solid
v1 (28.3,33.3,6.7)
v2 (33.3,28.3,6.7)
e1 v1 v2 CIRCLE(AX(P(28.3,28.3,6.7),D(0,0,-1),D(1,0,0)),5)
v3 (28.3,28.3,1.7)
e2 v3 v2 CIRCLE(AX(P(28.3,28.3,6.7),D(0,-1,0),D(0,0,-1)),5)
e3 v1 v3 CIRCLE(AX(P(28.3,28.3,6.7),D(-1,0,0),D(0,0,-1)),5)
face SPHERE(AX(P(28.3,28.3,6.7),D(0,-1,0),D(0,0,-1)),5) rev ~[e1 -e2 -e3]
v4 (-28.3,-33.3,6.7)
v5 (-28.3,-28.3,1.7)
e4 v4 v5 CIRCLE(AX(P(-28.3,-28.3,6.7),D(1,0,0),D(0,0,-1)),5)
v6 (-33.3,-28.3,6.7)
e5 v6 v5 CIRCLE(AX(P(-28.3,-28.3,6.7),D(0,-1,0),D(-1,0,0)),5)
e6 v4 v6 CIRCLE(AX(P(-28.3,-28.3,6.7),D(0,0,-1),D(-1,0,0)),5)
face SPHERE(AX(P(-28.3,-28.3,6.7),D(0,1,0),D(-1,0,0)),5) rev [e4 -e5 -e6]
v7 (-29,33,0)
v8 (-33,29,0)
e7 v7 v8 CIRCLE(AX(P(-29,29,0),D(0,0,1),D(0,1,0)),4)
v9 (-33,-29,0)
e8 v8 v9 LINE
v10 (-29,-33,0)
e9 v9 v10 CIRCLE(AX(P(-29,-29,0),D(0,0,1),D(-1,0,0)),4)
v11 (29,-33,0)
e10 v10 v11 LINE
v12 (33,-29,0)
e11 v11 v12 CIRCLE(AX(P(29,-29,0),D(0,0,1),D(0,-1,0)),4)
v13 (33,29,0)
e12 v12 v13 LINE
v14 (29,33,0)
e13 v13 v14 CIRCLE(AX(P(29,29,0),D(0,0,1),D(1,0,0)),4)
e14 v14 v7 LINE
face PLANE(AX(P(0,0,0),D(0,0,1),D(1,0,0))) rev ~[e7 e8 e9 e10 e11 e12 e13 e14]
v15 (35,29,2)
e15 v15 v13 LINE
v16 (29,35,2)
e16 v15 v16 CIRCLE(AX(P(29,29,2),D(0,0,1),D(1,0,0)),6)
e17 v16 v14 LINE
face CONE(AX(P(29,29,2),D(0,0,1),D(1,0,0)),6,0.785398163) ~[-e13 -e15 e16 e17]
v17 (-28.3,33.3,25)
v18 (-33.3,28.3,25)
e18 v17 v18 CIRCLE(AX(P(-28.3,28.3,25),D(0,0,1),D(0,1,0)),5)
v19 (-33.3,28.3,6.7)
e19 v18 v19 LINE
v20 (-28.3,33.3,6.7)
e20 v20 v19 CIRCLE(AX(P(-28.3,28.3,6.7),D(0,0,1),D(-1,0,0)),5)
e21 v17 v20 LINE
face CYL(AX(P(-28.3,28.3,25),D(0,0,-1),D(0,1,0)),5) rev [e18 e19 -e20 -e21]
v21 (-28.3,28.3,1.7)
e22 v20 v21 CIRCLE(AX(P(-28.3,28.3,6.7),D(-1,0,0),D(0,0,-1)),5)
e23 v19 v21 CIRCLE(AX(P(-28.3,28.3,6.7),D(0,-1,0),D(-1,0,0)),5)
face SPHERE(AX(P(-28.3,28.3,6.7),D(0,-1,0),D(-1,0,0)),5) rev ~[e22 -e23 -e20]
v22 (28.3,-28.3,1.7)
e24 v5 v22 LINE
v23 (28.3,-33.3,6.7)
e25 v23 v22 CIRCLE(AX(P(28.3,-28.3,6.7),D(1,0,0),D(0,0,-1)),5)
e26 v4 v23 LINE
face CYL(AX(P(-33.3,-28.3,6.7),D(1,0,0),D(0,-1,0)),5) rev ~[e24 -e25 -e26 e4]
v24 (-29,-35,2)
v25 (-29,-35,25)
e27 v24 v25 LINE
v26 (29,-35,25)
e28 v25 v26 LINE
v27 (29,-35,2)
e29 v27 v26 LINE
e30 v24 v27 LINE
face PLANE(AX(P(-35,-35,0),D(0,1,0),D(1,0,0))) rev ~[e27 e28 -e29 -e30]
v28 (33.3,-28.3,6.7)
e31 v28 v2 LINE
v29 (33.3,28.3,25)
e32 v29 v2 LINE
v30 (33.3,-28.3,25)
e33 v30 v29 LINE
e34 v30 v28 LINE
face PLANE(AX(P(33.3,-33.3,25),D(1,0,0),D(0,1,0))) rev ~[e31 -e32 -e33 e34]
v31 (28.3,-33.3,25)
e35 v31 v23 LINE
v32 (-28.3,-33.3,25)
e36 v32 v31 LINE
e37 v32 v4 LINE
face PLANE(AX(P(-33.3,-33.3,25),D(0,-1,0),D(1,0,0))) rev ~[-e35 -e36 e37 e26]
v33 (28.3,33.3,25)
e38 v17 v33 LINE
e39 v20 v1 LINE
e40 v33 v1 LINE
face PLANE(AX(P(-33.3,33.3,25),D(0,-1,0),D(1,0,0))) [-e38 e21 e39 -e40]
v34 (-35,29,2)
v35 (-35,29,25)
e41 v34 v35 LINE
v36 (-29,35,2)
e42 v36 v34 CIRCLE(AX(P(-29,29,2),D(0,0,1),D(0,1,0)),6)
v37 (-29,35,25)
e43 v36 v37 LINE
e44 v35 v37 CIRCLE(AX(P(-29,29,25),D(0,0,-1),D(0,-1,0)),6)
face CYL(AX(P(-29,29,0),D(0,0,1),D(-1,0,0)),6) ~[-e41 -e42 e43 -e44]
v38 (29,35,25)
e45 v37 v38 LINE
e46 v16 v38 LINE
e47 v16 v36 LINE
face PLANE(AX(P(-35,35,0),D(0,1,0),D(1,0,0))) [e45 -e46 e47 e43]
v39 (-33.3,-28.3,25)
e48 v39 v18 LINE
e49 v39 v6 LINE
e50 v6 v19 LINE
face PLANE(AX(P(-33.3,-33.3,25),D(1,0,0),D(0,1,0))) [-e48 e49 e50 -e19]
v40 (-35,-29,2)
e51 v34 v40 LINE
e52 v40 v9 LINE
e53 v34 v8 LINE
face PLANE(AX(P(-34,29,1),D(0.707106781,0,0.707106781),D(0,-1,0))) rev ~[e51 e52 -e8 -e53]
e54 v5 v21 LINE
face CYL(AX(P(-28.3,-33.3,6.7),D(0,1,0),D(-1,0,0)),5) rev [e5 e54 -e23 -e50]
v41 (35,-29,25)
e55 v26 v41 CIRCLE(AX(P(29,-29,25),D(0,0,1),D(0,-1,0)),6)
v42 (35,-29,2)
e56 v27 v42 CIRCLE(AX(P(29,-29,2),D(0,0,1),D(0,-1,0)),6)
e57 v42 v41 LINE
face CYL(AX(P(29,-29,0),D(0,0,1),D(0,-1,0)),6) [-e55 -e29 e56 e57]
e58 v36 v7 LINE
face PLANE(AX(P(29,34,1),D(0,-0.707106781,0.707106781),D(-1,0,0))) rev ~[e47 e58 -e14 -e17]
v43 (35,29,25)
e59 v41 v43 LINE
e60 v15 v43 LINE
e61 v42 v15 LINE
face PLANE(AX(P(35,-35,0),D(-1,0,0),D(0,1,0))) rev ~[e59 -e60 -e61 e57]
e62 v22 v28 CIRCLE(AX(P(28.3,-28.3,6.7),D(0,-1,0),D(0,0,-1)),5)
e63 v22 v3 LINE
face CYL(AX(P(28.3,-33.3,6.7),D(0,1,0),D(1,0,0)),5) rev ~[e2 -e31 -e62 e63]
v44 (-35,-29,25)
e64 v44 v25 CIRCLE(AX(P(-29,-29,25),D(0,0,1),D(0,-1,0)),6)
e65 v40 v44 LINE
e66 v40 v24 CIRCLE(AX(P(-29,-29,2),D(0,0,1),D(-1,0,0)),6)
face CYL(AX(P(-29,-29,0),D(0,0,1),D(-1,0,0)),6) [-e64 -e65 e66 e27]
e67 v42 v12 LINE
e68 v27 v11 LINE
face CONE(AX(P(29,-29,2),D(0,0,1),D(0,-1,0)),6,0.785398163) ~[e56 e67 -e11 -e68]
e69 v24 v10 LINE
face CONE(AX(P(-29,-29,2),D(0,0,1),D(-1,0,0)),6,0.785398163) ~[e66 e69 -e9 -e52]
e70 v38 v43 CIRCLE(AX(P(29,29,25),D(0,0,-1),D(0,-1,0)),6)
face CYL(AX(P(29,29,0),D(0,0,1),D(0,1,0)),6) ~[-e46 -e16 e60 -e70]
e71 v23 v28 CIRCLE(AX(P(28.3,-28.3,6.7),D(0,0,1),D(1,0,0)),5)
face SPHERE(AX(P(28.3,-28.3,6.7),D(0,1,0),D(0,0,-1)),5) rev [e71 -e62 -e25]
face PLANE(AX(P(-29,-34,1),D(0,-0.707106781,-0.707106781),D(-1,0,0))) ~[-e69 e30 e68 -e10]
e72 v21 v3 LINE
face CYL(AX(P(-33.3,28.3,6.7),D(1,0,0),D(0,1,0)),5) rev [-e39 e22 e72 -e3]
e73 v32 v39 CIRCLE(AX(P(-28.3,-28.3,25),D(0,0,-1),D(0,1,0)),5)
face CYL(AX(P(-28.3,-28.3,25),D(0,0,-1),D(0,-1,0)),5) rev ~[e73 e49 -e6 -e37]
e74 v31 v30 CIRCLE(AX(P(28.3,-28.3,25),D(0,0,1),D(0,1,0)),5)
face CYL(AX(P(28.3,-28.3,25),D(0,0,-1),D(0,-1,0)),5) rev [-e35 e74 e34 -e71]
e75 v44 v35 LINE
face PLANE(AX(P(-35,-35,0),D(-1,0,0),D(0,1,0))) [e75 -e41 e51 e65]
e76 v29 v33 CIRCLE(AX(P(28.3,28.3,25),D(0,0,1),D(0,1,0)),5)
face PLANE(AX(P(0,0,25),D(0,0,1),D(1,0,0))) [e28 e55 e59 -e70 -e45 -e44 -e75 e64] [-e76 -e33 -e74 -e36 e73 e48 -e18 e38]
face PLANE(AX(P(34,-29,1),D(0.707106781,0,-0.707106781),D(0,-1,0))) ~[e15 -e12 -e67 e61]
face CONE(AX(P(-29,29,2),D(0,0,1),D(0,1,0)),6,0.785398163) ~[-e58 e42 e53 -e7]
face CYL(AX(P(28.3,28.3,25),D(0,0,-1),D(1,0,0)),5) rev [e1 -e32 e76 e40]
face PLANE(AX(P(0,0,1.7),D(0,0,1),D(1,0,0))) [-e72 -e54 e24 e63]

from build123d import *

# Parameters (mm, degrees)
F0_W     = 70
F0_H     = 70
F0_W_2   = 66.6
F0_H_2   = 66.6
F1_DEPTH = 25
F2_W     = 66.6
F2_H     = 66.6
F3_DEPTH = 23.3
F4_R     = 5
F5_R     = 6
F6_SIZE  = 2


with BuildPart() as f1:
    # F0 (on Top) → F1 (new body)
    with BuildSketch(Plane.XY):
        Rectangle(F0_W, F0_H)
        Rectangle(F0_W_2, F0_H_2, mode=Mode.SUBTRACT)
        Rectangle(F0_W_2, F0_H_2)
    extrude(amount=F1_DEPTH)

    # F2 (on face) → F3 (cut)
    with BuildSketch(Plane.XY.offset(25)):
        Rectangle(F2_W, F2_H)
    extrude(amount=-F3_DEPTH, mode=Mode.SUBTRACT)

    # F4
    f4_edges = [f1.edges().sort_by_distance(p)[0] for p in [
        (-33.3, 0, 1.7),
        (33.3, 0, 1.7),
        (-33.3, 33.3, 13.35),
        (0, 33.3, 1.7),
        (-33.3, -33.3, 13.35),
        (0, -33.3, 1.7),
        (33.3, -33.3, 13.35),
        (33.3, 33.3, 13.35),
    ]]
    fillet(f4_edges, radius=F4_R)

    # F5
    f5_edges = [f1.edges().sort_by_distance(p)[0] for p in [
        (35, 35, 12.5),
        (-35, 35, 12.5),
        (35, -35, 12.5),
        (-35, -35, 12.5),
    ]]
    fillet(f5_edges, radius=F5_R)

    # F6
    f6_edges = [f1.edges().sort_by_distance(p)[0] for p in [
        (35, 0, 0),
    ]]
    chamfer(f6_edges, length=F6_SIZE)


solid = f1.part
